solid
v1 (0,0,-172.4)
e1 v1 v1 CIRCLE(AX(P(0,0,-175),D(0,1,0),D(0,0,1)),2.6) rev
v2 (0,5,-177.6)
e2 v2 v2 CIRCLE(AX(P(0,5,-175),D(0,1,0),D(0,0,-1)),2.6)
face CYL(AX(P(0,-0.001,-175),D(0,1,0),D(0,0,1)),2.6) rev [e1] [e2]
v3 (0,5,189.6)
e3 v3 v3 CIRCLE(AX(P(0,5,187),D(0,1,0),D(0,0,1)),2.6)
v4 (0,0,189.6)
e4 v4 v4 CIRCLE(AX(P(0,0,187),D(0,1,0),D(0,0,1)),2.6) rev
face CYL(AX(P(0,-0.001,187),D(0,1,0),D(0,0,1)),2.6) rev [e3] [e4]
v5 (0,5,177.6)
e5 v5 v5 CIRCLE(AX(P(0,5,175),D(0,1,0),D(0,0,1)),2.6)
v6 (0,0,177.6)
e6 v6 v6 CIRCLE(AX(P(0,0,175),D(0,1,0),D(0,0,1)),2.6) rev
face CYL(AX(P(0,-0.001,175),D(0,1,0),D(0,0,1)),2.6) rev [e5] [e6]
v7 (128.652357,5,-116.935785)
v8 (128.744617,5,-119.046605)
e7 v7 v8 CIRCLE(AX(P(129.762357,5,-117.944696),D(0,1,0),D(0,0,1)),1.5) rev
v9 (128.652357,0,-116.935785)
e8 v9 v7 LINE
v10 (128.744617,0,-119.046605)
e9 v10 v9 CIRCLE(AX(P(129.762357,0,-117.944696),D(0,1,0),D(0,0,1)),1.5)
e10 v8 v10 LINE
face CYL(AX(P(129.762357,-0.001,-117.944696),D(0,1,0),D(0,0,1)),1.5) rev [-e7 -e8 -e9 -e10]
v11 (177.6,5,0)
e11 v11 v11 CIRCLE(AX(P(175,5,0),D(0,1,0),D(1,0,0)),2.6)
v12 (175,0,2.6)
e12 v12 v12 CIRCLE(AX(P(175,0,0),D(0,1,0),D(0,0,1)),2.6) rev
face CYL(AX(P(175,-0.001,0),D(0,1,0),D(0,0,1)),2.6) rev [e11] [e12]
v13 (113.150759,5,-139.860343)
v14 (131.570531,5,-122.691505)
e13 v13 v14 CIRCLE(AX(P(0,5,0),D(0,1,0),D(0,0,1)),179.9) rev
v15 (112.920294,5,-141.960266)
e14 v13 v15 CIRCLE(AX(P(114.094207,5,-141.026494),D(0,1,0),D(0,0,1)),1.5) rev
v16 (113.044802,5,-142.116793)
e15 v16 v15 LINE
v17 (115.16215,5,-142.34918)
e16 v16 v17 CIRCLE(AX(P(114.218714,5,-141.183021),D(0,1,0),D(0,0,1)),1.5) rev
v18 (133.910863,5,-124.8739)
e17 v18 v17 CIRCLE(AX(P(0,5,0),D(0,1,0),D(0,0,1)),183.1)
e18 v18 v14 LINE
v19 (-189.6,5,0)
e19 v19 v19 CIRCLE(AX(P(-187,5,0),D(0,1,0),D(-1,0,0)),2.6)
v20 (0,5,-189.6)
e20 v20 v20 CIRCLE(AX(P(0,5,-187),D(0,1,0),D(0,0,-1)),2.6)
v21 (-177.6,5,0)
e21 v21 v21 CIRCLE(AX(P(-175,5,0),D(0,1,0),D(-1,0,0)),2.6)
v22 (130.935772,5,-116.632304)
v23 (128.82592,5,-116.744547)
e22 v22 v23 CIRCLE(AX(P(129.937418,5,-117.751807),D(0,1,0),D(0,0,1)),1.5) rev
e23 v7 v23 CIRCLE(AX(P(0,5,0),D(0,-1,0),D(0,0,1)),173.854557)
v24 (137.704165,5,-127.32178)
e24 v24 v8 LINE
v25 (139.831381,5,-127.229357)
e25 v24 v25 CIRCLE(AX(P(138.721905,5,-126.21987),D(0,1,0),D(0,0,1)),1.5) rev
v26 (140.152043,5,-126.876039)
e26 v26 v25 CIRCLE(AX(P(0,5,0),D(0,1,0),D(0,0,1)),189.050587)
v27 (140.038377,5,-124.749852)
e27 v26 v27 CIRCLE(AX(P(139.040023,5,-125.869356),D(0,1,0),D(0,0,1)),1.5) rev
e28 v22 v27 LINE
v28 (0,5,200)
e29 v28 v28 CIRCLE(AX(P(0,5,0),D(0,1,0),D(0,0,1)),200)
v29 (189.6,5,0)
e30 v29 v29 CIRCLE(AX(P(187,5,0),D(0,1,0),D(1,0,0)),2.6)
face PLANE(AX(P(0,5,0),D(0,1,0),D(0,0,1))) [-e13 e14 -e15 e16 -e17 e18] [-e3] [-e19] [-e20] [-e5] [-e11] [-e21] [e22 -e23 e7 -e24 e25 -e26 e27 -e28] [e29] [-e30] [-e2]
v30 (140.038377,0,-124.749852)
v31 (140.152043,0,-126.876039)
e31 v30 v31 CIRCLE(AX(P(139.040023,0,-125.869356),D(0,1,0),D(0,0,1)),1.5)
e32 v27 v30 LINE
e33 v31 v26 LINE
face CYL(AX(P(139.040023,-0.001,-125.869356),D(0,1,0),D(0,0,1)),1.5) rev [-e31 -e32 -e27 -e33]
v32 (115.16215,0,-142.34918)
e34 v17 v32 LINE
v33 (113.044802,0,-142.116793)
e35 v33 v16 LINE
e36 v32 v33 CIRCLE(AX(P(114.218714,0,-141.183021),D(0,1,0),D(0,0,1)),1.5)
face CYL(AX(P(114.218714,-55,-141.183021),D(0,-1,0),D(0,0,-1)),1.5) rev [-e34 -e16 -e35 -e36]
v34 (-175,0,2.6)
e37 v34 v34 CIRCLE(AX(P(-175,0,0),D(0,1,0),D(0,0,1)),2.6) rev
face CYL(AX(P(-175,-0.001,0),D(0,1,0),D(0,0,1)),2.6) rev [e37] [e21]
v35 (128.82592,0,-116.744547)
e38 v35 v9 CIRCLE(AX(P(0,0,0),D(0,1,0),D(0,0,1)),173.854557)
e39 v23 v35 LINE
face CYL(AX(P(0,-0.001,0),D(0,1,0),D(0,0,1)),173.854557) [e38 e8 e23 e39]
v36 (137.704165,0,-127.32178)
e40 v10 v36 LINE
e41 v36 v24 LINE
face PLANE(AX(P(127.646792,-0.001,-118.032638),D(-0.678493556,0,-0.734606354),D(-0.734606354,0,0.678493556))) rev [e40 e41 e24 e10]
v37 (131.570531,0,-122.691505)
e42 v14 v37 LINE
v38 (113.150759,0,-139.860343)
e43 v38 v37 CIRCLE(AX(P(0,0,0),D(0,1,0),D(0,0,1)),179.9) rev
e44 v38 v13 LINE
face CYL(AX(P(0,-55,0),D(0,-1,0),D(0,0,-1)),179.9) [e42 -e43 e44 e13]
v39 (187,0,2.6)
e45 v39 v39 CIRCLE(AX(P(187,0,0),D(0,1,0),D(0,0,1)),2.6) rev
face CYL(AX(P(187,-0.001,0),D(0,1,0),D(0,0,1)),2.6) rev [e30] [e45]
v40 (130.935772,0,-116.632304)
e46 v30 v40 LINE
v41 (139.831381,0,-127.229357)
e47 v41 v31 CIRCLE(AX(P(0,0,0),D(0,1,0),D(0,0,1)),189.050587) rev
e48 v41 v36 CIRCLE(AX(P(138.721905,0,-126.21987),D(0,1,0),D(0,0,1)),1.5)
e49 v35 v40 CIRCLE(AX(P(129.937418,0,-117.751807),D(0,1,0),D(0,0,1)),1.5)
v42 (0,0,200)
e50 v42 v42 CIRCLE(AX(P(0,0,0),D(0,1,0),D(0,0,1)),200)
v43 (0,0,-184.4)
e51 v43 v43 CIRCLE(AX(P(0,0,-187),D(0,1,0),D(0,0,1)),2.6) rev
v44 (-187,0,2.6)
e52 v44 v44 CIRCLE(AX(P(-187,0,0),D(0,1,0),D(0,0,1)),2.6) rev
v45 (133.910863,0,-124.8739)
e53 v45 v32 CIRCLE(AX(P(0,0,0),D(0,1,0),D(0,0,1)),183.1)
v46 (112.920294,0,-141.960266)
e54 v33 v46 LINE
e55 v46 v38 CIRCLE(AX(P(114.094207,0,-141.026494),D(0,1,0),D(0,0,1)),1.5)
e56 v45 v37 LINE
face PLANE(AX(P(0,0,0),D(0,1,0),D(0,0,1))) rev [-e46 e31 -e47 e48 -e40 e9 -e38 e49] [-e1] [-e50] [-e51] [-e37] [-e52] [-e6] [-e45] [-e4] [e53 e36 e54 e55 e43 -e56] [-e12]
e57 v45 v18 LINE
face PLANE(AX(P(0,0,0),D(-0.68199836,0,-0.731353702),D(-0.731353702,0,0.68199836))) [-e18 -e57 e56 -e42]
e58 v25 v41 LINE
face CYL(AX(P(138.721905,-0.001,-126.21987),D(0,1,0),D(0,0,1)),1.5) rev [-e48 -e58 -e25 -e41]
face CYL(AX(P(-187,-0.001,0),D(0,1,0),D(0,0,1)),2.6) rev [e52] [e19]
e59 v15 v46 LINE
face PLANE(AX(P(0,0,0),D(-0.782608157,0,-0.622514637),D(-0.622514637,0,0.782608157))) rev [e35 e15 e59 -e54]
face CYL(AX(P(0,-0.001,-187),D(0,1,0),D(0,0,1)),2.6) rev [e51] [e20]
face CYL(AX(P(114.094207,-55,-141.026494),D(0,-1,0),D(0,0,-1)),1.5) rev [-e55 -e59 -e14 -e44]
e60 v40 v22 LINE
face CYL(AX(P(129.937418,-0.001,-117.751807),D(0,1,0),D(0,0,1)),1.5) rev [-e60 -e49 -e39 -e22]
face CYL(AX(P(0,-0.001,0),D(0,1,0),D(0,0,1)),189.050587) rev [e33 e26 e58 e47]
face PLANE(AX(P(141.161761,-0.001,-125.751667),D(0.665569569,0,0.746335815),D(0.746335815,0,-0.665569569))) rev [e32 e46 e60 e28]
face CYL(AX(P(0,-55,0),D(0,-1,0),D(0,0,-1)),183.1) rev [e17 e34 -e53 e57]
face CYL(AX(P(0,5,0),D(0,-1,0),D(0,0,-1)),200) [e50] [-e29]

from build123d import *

# Parameters (mm, degrees)
SKETCH_1_R               = 200
EXTRUDE_257_DEPTH        = 5
CUT_EXTRUDE_3_REACH      = 284.887
SKETCH_2_R               = 2.6
PATTERN_CIRCULAR_1_COUNT = 4
SKETCH_4_W               = 3.2
SKETCH_4_H               = 12.2
CUT_REVOLVE_3_ANGLE      = 8.5
FILLET_2_R               = 1.5
CUT_EXTRUDE_1561_REACH   = 284.887
FILLET_1_R               = 1.5


with BuildPart() as part:
    # 草图1 → Extrude 257 (new body)
    with BuildSketch(Plane(origin=(0, 0, 0), x_dir=(1, 0, 0), z_dir=(0, 1, 0))):
        Circle(SKETCH_1_R)
    extrude(amount=EXTRUDE_257_DEPTH)

    # 草图2 → 切除-拉伸3 (cut, up to next)
    with BuildSketch(Plane(origin=(0, 5, 0), x_dir=(1, 0, 0), z_dir=(0, 1, 0)), mode=Mode.PRIVATE) as cut_extrude_3_sk1:
        with Locations((0, -175)):
            Circle(SKETCH_2_R)
    cut_extrude_3_tool1 = extrude(cut_extrude_3_sk1.sketch, amount=-CUT_EXTRUDE_3_REACH, mode=Mode.PRIVATE) & part.part
    # 草图2 → 切除-拉伸3 (cut, up to next)
    with BuildSketch(Plane(origin=(0, 5, 0), x_dir=(1, 0, 0), z_dir=(0, 1, 0)), mode=Mode.PRIVATE) as cut_extrude_3_sk2:
        with Locations((0, -187)):
            Circle(SKETCH_2_R)
    cut_extrude_3_tool2 = extrude(cut_extrude_3_sk2.sketch, amount=-CUT_EXTRUDE_3_REACH, mode=Mode.PRIVATE) & part.part
    cut_extrude_3_1 = cut_extrude_3_tool1.solids().sort_by_distance((0, 5, 175))[0]
    add(cut_extrude_3_1, mode=Mode.SUBTRACT)
    cut_extrude_3_2 = cut_extrude_3_tool2.solids().sort_by_distance((0, 5, 187))[0]
    add(cut_extrude_3_2, mode=Mode.SUBTRACT)
    cut_extrude_3 = cut_extrude_3_1 + cut_extrude_3_2  # 切除-拉伸3 as one shape, for the pattern or mirror that repeats it

    # 阵列(圆周)1: 切除-拉伸3 ×4 about axis
    pattern_circular_1_axis = Axis((0, -55, 0), (0, 1, 0))
    for i in range(1, PATTERN_CIRCULAR_1_COUNT):
        add(cut_extrude_3.rotate(pattern_circular_1_axis, i * 360 / PATTERN_CIRCULAR_1_COUNT), mode=Mode.SUBTRACT)

    # 草图4 → 切除-旋转3 (revolve, cut)
    with BuildSketch(Plane(origin=(0, 0, 0), x_dir=(0.73135370161917, 0, -0.6819983600624991), z_dir=(0.6819983600624991, 0, 0.73135370161917))):
        with Locations((181.5, 3)):
            Rectangle(SKETCH_4_W, SKETCH_4_H)
    revolve(axis=Axis((0, -55, 0), (0, 1, 0)), revolution_arc=CUT_REVOLVE_3_ANGLE, mode=Mode.SUBTRACT)

    # 圆角2
    fillet_2_edges = [part.edges().sort_by_distance(p)[0] for p in [
        (111.990383131, 2.5, -140.791207418),
        (113.982429968, 2.5, -143.29555352),
    ]]
    fillet(fillet_2_edges, radius=FILLET_2_R)

    # 草图6 → Cut-Extrude 1561 (cut, up to next)
    with BuildSketch(Plane(origin=(0, 5, 0), x_dir=(1, 0, 0), z_dir=(0, 1, 0)), mode=Mode.PRIVATE) as cut_extrude_1561_sk1:
        with BuildLine():
            Line((127.646791587, 118.032637546), (138.809893683, 128.343047734))
            ThreePointArc((138.809893683, 128.343047734), (139.99182369, 127.052799206), (141.161761211, 125.751666622))
            Line((141.161761211, 125.751666622), (129.820417839, 115.637649754))
            ThreePointArc((129.820417839, 115.637649754), (128.739174201, 116.840198367), (127.646791587, 118.032637546))
        make_face()
    cut_extrude_1561_tool1 = extrude(cut_extrude_1561_sk1.sketch, amount=-CUT_EXTRUDE_1561_REACH, mode=Mode.PRIVATE) & part.part
    add(cut_extrude_1561_tool1.solids().sort_by_distance((134.437436, 5, -122.011787))[0], mode=Mode.SUBTRACT)

    # 圆角1
    fillet_1_edges = [part.edges().sort_by_distance(p)[0] for p in [
        (129.820417839, 2.5, -115.637649754),
        (141.161761211, 2.5, -125.751666622),
        (138.809893683, 2.5, -128.343047734),
        (127.646791587, 2.5, -118.032637546),
    ]]
    fillet(fillet_1_edges, radius=FILLET_1_R)


solid = part.part
